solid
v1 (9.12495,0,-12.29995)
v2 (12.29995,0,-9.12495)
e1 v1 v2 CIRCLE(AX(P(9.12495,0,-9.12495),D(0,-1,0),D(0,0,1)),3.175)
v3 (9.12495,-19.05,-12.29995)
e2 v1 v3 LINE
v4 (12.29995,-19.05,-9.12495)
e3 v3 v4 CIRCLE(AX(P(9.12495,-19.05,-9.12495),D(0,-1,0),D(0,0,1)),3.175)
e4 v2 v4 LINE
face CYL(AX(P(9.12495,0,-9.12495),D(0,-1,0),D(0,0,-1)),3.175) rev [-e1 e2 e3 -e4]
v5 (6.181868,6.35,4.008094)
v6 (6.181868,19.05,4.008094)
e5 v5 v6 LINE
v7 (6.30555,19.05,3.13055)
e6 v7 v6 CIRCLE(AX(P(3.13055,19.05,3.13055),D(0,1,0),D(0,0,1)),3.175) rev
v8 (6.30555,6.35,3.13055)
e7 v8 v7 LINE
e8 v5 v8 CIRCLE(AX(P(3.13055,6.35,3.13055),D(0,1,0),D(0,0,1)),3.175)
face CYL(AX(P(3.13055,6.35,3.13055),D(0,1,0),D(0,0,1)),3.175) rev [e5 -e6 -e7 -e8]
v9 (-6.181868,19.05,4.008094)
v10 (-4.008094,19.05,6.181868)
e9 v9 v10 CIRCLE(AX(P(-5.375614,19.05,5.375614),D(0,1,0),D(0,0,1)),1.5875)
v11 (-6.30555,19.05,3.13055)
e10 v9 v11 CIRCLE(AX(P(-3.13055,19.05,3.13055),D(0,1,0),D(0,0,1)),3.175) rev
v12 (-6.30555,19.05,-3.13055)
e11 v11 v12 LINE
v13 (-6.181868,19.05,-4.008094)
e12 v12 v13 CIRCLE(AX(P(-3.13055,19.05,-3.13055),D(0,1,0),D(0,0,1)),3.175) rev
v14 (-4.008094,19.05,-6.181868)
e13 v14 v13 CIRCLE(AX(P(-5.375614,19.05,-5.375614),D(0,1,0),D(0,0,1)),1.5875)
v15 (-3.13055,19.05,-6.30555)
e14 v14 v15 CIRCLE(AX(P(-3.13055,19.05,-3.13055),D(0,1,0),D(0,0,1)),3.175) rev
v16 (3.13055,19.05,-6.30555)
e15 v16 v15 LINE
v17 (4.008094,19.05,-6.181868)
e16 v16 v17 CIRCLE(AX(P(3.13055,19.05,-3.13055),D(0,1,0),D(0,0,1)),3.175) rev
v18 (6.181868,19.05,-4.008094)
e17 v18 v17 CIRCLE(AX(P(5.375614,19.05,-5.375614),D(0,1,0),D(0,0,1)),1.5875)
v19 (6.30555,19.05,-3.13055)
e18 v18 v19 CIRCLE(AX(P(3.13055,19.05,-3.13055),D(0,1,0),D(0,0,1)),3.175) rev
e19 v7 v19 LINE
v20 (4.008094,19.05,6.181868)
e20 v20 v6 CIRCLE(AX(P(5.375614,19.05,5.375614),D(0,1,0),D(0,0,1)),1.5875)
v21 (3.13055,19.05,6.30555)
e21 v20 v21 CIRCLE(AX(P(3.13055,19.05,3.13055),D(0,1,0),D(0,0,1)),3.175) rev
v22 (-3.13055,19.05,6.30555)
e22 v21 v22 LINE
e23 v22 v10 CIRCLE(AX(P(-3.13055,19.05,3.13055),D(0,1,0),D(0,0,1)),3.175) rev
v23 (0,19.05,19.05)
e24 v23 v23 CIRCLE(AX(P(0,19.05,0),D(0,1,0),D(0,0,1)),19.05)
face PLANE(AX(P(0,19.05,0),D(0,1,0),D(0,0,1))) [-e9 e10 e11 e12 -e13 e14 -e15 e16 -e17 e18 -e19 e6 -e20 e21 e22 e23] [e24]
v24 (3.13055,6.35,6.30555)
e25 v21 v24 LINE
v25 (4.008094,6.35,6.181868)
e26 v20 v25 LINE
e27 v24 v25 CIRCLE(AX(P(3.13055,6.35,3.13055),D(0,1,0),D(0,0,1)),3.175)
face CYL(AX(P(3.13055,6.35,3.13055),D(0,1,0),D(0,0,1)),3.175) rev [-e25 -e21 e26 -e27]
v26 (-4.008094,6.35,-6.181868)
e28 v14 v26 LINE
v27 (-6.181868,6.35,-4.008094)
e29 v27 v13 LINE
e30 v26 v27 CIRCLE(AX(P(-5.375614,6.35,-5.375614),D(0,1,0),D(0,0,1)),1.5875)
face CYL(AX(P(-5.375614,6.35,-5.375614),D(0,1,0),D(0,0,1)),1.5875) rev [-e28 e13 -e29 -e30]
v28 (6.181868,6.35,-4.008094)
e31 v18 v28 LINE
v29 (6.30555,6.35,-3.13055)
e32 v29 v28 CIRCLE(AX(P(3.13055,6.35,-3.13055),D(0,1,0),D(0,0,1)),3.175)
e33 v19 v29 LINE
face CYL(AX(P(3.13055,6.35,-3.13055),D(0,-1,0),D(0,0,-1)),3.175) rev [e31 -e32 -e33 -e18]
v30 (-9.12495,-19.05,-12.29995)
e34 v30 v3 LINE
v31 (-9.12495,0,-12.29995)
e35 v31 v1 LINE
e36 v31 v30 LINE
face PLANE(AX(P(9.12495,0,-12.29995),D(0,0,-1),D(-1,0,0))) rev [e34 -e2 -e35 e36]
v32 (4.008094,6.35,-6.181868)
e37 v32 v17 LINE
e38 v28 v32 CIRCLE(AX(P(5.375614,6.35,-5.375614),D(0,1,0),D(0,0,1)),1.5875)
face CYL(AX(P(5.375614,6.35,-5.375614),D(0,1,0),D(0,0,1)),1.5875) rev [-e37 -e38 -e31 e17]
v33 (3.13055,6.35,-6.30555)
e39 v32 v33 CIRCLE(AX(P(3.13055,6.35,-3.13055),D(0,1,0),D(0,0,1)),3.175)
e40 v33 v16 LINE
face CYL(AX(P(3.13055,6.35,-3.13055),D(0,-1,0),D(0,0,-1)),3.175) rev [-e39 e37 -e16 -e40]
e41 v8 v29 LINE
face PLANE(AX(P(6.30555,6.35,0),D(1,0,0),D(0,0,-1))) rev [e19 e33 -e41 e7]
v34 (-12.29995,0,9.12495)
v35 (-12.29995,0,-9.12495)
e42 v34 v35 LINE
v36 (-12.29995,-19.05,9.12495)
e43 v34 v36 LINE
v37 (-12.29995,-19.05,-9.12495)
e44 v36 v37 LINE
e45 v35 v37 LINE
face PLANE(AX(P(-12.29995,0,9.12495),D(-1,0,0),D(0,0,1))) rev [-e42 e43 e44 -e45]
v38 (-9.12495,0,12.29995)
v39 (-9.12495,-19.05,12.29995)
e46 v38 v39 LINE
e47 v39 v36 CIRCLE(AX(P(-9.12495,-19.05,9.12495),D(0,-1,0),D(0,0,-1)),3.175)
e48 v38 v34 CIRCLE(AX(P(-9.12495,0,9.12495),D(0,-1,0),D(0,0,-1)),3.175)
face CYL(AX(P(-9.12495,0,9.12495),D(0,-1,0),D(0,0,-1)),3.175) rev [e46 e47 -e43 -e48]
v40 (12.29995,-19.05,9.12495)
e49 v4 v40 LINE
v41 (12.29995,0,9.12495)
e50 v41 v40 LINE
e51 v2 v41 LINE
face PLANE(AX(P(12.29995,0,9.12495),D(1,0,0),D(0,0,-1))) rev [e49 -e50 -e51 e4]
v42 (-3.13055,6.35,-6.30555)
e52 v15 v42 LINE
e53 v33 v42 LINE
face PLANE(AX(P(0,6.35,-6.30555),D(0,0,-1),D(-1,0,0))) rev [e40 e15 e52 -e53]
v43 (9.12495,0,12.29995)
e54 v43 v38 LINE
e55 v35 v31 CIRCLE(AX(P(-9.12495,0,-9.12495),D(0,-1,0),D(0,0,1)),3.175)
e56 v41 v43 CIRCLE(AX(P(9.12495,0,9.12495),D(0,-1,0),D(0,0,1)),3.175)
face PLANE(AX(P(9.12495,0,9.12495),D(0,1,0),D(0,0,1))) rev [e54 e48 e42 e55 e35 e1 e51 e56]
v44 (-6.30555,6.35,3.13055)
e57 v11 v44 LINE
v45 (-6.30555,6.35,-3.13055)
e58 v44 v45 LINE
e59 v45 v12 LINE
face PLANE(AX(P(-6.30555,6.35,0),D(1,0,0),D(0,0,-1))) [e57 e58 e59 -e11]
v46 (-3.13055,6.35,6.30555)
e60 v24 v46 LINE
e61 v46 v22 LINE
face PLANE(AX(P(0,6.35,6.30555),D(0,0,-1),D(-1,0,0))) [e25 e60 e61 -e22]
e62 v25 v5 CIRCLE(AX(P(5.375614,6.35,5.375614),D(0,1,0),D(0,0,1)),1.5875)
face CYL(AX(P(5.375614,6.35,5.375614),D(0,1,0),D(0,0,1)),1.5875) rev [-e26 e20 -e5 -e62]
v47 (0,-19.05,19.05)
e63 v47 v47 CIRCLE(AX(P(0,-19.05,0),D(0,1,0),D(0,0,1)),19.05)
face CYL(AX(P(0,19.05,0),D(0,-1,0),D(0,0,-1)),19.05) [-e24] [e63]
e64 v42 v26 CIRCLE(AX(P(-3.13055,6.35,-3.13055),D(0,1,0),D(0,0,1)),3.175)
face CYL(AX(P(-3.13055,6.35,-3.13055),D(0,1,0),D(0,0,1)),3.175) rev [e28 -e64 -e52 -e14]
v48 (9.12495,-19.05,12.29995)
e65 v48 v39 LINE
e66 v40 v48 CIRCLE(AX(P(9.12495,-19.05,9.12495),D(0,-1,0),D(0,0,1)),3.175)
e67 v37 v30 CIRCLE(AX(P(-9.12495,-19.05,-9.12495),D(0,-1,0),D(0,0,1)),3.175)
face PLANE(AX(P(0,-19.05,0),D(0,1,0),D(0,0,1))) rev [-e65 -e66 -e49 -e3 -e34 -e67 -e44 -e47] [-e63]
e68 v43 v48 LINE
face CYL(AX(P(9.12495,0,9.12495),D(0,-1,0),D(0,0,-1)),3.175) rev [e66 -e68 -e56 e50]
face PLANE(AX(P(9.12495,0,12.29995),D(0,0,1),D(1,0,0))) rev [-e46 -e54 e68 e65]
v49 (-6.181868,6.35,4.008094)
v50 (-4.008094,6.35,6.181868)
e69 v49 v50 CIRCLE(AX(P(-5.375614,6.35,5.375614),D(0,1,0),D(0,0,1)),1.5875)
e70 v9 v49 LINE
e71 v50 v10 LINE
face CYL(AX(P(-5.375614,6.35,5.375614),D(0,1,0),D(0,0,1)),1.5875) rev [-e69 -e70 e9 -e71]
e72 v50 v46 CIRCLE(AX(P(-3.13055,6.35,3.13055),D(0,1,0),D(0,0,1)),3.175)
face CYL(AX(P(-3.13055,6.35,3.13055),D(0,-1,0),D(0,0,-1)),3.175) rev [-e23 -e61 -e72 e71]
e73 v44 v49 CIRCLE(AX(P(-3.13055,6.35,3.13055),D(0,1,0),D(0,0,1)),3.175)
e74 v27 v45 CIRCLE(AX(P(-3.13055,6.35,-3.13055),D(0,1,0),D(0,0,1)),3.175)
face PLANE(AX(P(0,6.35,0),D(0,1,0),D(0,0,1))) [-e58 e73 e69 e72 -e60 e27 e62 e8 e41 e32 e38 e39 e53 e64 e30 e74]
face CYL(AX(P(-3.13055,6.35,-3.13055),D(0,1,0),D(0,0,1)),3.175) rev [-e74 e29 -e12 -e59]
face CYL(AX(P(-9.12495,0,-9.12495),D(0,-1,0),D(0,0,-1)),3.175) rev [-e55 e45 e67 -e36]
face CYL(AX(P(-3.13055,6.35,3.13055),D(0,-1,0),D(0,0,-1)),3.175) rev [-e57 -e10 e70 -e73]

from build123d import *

# Parameters (mm, degrees)
SKETCH1_R           = 19.05
BOSS_EXTRUDE1_DEPTH = 19.05
SKETCH2_W           = 12.6111
SKETCH2_H           = 12.6111
CUT_EXTRUDE1_DEPTH  = 12.7
CUT_EXTRUDE2_DEPTH  = 19.05
FILLET1_R           = 3.175
CUT_EXTRUDE3_DEPTH  = 12.7


with BuildPart() as part:
    # Sketch1 → Boss-Extrude1 (new body, symmetric)
    with BuildSketch(Plane(origin=(0, 0, 0), x_dir=(1, 0, 0), z_dir=(0, 1, 0))):
        Circle(SKETCH1_R)
    extrude(amount=BOSS_EXTRUDE1_DEPTH, both=True)

    # Sketch2 → Cut-Extrude1 (cut)
    with BuildSketch(Plane(origin=(0, 19.05, 0), x_dir=(1, 0, 0), z_dir=(0, 1, 0))):
        Rectangle(SKETCH2_W, SKETCH2_H)
    extrude(amount=-CUT_EXTRUDE1_DEPTH, mode=Mode.SUBTRACT)

    # Sketch3 → Cut-Extrude2 (cut)
    with BuildSketch(Plane.XZ.offset(19.05)):
        with BuildLine():
            Line((9.12495, 12.29995), (-9.12495, 12.29995))
            ThreePointArc((-9.12495, 12.29995), (-11.37001403, 11.37001403), (-12.29995, 9.12495))
            Line((-12.29995, 9.12495), (-12.29995, -9.12495))
            ThreePointArc((-12.29995, -9.12495), (-11.37001403, -11.37001403), (-9.12495, -12.29995))
            Line((-9.12495, -12.29995), (9.12495, -12.29995))
            ThreePointArc((9.12495, -12.29995), (11.37001403, -11.37001403), (12.29995, -9.12495))
            Line((12.29995, -9.12495), (12.29995, 9.12495))
            ThreePointArc((12.29995, 9.12495), (11.37001403, 11.37001403), (9.12495, 12.29995))
        make_face()
    extrude(amount=-CUT_EXTRUDE2_DEPTH, mode=Mode.SUBTRACT)

    # Fillet1
    fillet1_edges = [part.edges().sort_by_distance(p)[0] for p in [
        (-6.30555, 12.7, 6.30555),
        (-6.30555, 12.7, -6.30555),
        (6.30555, 12.7, -6.30555),
        (6.30555, 12.7, 6.30555),
    ]]
    fillet(fillet1_edges, radius=FILLET1_R)

    # Sketch4 → Cut-Extrude3 (cut)
    with BuildSketch(Plane(origin=(0, 19.05, 0), x_dir=(1, 0, 0), z_dir=(0, 1, 0))):
        with BuildLine():
            ThreePointArc((4.008094076, 6.181867977), (4.253082015, 4.253082015), (6.181867977, 4.008094076))
            ThreePointArc((6.181867977, 4.008094076), (5.37561403, 5.37561403), (4.008094076, 6.181867977))
        make_face()
        with BuildLine():
            ThreePointArc((6.181867977, 4.008094076), (6.244651028, 4.047106994), (6.30555, 4.089000125))
            Line((6.30555, 4.089000125), (6.30555, 6.30555))
            Line((6.30555, 6.30555), (4.089000125, 6.30555))
            ThreePointArc((4.089000125, 6.30555), (4.047106994, 6.244651028), (4.008094076, 6.181867977))
            ThreePointArc((4.008094076, 6.181867977), (5.37561403, 5.37561403), (6.181867977, 4.008094076))
        make_face()
        with BuildLine():
            Line((6.30555, 6.30555), (6.30555, 4.089000125))
            ThreePointArc((6.30555, 4.089000125), (6.789196289, 4.653158877), (6.96311403, 5.37561403))
            ThreePointArc((6.96311403, 5.37561403), (5.864314693, 6.886020569), (4.089000125, 6.30555))
            Line((4.089000125, 6.30555), (6.30555, 6.30555))
        make_face()
        with BuildLine():
            ThreePointArc((-4.008094076, 6.181867977), (-5.37561403, 5.37561403), (-6.181867977, 4.008094076))
            ThreePointArc((-6.181867977, 4.008094076), (-4.588140821, 3.997193849), (-3.78811403, 5.37561403))
            ThreePointArc((-3.78811403, 5.37561403), (-3.844096127, 5.793476641), (-4.008094076, 6.181867977))
        make_face()
        with BuildLine():
            Line((-6.30555, 6.30555), (-6.30555, 4.089000125))
            ThreePointArc((-6.30555, 4.089000125), (-6.244651028, 4.047106994), (-6.181867977, 4.008094076))
            ThreePointArc((-6.181867977, 4.008094076), (-5.37561403, 5.37561403), (-4.008094076, 6.181867977))
            ThreePointArc((-4.008094076, 6.181867977), (-4.047106994, 6.244651028), (-4.089000125, 6.30555))
            Line((-4.089000125, 6.30555), (-6.30555, 6.30555))
        make_face()
        with BuildLine():
            ThreePointArc((-4.089000125, 6.30555), (-6.498146045, 6.498146045), (-6.30555, 4.089000125))
            Line((-6.30555, 4.089000125), (-6.30555, 6.30555))
            Line((-6.30555, 6.30555), (-4.089000125, 6.30555))
        make_face()
        with BuildLine():
            ThreePointArc((-6.30555, -4.089000125), (-6.498146045, -6.498146045), (-4.089000125, -6.30555))
            Line((-4.089000125, -6.30555), (-6.30555, -6.30555))
            Line((-6.30555, -6.30555), (-6.30555, -4.089000125))
        make_face()
        with BuildLine():
            Line((-6.30555, -6.30555), (-4.089000125, -6.30555))
            ThreePointArc((-4.089000125, -6.30555), (-4.047106994, -6.244651028), (-4.008094076, -6.181867977))
            ThreePointArc((-4.008094076, -6.181867977), (-5.37561403, -5.37561403), (-6.181867977, -4.008094076))
            ThreePointArc((-6.181867977, -4.008094076), (-6.244651028, -4.047106994), (-6.30555, -4.089000125))
            Line((-6.30555, -4.089000125), (-6.30555, -6.30555))
        make_face()
        with BuildLine():
            ThreePointArc((-6.181867977, -4.008094076), (-5.37561403, -5.37561403), (-4.008094076, -6.181867977))
            ThreePointArc((-4.008094076, -6.181867977), (-3.844096127, -5.793476641), (-3.78811403, -5.37561403))
            ThreePointArc((-3.78811403, -5.37561403), (-4.588140821, -3.997193849), (-6.181867977, -4.008094076))
        make_face()
        with BuildLine():
            ThreePointArc((6.181867977, -4.008094076), (4.253082015, -4.253082015), (4.008094076, -6.181867977))
            ThreePointArc((4.008094076, -6.181867977), (5.37561403, -5.37561403), (6.181867977, -4.008094076))
        make_face()
        with BuildLine():
            ThreePointArc((4.008094076, -6.181867977), (4.047106994, -6.244651028), (4.089000125, -6.30555))
            Line((4.089000125, -6.30555), (6.30555, -6.30555))
            Line((6.30555, -6.30555), (6.30555, -4.089000125))
            ThreePointArc((6.30555, -4.089000125), (6.244651028, -4.047106994), (6.181867977, -4.008094076))
            ThreePointArc((6.181867977, -4.008094076), (5.37561403, -5.37561403), (4.008094076, -6.181867977))
        make_face()
        with BuildLine():
            Line((6.30555, -6.30555), (4.089000125, -6.30555))
            ThreePointArc((4.089000125, -6.30555), (5.864314693, -6.886020569), (6.96311403, -5.37561403))
            ThreePointArc((6.96311403, -5.37561403), (6.789196289, -4.653158877), (6.30555, -4.089000125))
            Line((6.30555, -4.089000125), (6.30555, -6.30555))
        make_face()
    extrude(amount=-CUT_EXTRUDE3_DEPTH, mode=Mode.SUBTRACT)


solid = part.part
